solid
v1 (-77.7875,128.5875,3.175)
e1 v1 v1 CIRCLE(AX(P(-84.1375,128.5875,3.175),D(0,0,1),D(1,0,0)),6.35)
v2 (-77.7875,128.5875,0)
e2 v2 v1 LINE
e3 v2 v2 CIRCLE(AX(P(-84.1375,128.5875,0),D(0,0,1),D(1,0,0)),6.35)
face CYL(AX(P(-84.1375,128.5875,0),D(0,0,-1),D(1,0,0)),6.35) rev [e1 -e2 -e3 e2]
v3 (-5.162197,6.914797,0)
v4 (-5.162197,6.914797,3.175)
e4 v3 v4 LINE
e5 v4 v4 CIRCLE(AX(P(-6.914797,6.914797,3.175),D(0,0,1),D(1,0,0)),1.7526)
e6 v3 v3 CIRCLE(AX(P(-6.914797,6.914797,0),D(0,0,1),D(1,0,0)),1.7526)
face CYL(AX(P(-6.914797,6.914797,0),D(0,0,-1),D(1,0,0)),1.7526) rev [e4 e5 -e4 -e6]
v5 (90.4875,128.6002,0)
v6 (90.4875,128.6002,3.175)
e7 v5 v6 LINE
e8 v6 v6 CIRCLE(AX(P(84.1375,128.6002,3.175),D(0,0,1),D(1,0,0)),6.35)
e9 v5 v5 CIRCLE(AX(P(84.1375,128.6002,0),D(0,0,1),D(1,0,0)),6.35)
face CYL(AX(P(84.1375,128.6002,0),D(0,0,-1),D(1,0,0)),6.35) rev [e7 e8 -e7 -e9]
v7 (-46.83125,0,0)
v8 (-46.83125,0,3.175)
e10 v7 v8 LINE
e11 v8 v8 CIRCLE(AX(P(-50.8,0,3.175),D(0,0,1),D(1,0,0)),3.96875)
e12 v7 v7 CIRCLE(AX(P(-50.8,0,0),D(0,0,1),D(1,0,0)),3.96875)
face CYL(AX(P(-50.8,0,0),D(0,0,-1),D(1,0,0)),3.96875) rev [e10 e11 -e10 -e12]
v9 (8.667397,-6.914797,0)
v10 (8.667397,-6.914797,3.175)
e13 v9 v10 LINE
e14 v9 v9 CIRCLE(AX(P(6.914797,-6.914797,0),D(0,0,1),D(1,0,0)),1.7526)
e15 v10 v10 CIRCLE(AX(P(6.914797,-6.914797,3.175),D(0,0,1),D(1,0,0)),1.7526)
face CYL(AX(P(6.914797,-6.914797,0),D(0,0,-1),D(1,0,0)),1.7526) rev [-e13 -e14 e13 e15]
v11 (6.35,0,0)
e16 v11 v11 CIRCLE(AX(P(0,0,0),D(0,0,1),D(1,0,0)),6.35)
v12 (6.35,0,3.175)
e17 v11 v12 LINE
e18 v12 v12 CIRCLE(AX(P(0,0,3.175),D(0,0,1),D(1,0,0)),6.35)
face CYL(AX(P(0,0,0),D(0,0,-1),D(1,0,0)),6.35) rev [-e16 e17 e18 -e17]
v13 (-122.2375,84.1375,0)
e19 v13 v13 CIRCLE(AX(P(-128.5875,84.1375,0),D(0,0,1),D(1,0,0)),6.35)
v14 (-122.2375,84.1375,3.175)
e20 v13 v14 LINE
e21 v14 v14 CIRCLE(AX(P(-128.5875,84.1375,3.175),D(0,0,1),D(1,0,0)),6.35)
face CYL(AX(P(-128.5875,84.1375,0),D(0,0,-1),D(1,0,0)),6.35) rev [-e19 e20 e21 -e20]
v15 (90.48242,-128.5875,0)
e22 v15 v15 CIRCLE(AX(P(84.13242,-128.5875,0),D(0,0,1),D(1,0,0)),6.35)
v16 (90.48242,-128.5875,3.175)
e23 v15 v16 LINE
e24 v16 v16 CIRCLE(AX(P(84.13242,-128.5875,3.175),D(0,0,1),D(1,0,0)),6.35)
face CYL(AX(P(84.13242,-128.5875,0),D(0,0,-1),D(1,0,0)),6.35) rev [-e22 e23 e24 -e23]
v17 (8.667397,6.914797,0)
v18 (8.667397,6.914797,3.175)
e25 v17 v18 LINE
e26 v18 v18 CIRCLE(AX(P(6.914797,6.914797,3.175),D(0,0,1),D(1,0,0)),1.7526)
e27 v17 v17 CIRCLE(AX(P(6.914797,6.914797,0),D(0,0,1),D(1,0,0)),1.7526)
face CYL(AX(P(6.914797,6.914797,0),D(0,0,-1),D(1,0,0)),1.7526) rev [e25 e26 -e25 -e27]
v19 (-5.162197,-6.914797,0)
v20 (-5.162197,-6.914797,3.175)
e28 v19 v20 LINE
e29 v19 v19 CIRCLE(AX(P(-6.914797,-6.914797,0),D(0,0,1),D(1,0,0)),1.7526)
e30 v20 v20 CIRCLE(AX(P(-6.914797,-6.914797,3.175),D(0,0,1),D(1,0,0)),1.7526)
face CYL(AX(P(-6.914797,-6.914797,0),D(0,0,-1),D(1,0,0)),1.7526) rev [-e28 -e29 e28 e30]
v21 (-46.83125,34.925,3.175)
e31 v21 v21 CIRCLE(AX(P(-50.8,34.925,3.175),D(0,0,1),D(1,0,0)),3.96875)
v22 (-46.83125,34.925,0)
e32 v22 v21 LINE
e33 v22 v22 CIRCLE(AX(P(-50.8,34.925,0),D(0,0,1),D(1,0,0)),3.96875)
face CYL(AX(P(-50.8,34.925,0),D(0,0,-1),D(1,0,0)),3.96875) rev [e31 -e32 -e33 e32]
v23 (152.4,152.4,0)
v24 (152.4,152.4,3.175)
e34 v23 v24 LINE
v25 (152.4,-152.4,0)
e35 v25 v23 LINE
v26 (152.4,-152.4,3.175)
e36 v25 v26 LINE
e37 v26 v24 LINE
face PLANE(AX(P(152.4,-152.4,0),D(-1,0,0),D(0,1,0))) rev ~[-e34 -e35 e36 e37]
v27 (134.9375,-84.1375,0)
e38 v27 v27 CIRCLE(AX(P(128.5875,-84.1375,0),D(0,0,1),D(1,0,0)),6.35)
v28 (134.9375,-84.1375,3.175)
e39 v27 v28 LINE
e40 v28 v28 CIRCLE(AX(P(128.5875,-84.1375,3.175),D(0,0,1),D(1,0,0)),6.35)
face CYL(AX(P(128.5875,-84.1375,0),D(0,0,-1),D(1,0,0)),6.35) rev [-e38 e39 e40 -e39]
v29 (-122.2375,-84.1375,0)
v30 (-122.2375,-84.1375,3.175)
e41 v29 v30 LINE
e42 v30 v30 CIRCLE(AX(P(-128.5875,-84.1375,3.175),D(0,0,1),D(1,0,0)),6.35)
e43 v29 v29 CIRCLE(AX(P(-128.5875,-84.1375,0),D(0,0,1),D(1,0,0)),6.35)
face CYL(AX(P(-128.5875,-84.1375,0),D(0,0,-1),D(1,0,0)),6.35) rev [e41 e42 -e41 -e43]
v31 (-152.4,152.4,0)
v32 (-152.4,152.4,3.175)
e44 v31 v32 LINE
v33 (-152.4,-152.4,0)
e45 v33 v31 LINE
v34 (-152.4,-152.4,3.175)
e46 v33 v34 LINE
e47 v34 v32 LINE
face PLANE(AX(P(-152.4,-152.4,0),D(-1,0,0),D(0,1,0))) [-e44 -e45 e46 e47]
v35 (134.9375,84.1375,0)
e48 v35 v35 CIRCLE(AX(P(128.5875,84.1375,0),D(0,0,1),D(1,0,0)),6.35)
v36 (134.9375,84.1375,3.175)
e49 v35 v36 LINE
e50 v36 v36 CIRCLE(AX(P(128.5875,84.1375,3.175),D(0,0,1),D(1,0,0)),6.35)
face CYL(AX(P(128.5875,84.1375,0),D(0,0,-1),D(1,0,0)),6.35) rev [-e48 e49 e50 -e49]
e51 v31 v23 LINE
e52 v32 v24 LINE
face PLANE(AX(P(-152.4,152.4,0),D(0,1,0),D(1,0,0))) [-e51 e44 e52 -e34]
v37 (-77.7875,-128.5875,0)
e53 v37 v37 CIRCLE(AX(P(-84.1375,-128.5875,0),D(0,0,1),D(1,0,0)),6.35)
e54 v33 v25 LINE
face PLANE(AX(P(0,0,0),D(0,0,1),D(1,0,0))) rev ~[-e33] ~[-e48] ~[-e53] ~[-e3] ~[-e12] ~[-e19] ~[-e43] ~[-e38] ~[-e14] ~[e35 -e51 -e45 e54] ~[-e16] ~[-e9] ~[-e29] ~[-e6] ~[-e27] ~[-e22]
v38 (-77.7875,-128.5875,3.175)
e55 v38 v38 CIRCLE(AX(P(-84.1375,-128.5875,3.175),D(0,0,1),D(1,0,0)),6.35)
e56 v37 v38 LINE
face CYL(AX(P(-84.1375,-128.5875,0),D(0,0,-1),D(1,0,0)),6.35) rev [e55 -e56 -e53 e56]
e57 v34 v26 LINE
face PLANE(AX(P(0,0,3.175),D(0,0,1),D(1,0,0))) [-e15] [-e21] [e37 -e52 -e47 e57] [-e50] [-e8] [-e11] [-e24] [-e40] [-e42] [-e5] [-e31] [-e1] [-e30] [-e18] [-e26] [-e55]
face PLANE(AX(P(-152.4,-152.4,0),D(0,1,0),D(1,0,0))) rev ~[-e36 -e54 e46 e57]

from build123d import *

# Parameters (mm, degrees)
F0_W     = 304.8
F0_H     = 304.8
F0_R     = 6.35
F0_R_2   = 1.7526
F0_R_3   = 3.96875
F1_DEPTH = 3.175


with BuildPart() as f1:
    # F0 (on Top) → F1 (new body)
    with BuildSketch(Plane.XY):
        Rectangle(F0_W, F0_H)
        with Locations((-84.1375, -128.5875)):
            Circle(F0_R, mode=Mode.SUBTRACT)
        with Locations((-128.5875, -84.1375)):
            Circle(F0_R, mode=Mode.SUBTRACT)
        with Locations((-6.914797, -6.914797)):
            Circle(F0_R_2, mode=Mode.SUBTRACT)
        with Locations((84.13242, -128.5875)):
            Circle(F0_R, mode=Mode.SUBTRACT)
        with Locations((128.5875, -84.1375)):
            Circle(F0_R, mode=Mode.SUBTRACT)
        with Locations((6.914797, -6.914797)):
            Circle(F0_R_2, mode=Mode.SUBTRACT)
        with Locations((-50.8, 0)):
            Circle(F0_R_3, mode=Mode.SUBTRACT)
        with Locations((-50.8, 34.925)):
            Circle(F0_R_3, mode=Mode.SUBTRACT)
        with Locations((-6.914797, 6.914797)):
            Circle(F0_R_2, mode=Mode.SUBTRACT)
        with Locations((-128.5875, 84.1375)):
            Circle(F0_R, mode=Mode.SUBTRACT)
        with Locations((-84.1375, 128.5875)):
            Circle(F0_R, mode=Mode.SUBTRACT)
        Circle(F0_R, mode=Mode.SUBTRACT)
        with Locations((6.914797, 6.914797)):
            Circle(F0_R_2, mode=Mode.SUBTRACT)
        with Locations((128.5875, 84.1375)):
            Circle(F0_R, mode=Mode.SUBTRACT)
        with Locations((84.1375, 128.6002)):
            Circle(F0_R, mode=Mode.SUBTRACT)
    extrude(amount=F1_DEPTH)


solid = f1.part
